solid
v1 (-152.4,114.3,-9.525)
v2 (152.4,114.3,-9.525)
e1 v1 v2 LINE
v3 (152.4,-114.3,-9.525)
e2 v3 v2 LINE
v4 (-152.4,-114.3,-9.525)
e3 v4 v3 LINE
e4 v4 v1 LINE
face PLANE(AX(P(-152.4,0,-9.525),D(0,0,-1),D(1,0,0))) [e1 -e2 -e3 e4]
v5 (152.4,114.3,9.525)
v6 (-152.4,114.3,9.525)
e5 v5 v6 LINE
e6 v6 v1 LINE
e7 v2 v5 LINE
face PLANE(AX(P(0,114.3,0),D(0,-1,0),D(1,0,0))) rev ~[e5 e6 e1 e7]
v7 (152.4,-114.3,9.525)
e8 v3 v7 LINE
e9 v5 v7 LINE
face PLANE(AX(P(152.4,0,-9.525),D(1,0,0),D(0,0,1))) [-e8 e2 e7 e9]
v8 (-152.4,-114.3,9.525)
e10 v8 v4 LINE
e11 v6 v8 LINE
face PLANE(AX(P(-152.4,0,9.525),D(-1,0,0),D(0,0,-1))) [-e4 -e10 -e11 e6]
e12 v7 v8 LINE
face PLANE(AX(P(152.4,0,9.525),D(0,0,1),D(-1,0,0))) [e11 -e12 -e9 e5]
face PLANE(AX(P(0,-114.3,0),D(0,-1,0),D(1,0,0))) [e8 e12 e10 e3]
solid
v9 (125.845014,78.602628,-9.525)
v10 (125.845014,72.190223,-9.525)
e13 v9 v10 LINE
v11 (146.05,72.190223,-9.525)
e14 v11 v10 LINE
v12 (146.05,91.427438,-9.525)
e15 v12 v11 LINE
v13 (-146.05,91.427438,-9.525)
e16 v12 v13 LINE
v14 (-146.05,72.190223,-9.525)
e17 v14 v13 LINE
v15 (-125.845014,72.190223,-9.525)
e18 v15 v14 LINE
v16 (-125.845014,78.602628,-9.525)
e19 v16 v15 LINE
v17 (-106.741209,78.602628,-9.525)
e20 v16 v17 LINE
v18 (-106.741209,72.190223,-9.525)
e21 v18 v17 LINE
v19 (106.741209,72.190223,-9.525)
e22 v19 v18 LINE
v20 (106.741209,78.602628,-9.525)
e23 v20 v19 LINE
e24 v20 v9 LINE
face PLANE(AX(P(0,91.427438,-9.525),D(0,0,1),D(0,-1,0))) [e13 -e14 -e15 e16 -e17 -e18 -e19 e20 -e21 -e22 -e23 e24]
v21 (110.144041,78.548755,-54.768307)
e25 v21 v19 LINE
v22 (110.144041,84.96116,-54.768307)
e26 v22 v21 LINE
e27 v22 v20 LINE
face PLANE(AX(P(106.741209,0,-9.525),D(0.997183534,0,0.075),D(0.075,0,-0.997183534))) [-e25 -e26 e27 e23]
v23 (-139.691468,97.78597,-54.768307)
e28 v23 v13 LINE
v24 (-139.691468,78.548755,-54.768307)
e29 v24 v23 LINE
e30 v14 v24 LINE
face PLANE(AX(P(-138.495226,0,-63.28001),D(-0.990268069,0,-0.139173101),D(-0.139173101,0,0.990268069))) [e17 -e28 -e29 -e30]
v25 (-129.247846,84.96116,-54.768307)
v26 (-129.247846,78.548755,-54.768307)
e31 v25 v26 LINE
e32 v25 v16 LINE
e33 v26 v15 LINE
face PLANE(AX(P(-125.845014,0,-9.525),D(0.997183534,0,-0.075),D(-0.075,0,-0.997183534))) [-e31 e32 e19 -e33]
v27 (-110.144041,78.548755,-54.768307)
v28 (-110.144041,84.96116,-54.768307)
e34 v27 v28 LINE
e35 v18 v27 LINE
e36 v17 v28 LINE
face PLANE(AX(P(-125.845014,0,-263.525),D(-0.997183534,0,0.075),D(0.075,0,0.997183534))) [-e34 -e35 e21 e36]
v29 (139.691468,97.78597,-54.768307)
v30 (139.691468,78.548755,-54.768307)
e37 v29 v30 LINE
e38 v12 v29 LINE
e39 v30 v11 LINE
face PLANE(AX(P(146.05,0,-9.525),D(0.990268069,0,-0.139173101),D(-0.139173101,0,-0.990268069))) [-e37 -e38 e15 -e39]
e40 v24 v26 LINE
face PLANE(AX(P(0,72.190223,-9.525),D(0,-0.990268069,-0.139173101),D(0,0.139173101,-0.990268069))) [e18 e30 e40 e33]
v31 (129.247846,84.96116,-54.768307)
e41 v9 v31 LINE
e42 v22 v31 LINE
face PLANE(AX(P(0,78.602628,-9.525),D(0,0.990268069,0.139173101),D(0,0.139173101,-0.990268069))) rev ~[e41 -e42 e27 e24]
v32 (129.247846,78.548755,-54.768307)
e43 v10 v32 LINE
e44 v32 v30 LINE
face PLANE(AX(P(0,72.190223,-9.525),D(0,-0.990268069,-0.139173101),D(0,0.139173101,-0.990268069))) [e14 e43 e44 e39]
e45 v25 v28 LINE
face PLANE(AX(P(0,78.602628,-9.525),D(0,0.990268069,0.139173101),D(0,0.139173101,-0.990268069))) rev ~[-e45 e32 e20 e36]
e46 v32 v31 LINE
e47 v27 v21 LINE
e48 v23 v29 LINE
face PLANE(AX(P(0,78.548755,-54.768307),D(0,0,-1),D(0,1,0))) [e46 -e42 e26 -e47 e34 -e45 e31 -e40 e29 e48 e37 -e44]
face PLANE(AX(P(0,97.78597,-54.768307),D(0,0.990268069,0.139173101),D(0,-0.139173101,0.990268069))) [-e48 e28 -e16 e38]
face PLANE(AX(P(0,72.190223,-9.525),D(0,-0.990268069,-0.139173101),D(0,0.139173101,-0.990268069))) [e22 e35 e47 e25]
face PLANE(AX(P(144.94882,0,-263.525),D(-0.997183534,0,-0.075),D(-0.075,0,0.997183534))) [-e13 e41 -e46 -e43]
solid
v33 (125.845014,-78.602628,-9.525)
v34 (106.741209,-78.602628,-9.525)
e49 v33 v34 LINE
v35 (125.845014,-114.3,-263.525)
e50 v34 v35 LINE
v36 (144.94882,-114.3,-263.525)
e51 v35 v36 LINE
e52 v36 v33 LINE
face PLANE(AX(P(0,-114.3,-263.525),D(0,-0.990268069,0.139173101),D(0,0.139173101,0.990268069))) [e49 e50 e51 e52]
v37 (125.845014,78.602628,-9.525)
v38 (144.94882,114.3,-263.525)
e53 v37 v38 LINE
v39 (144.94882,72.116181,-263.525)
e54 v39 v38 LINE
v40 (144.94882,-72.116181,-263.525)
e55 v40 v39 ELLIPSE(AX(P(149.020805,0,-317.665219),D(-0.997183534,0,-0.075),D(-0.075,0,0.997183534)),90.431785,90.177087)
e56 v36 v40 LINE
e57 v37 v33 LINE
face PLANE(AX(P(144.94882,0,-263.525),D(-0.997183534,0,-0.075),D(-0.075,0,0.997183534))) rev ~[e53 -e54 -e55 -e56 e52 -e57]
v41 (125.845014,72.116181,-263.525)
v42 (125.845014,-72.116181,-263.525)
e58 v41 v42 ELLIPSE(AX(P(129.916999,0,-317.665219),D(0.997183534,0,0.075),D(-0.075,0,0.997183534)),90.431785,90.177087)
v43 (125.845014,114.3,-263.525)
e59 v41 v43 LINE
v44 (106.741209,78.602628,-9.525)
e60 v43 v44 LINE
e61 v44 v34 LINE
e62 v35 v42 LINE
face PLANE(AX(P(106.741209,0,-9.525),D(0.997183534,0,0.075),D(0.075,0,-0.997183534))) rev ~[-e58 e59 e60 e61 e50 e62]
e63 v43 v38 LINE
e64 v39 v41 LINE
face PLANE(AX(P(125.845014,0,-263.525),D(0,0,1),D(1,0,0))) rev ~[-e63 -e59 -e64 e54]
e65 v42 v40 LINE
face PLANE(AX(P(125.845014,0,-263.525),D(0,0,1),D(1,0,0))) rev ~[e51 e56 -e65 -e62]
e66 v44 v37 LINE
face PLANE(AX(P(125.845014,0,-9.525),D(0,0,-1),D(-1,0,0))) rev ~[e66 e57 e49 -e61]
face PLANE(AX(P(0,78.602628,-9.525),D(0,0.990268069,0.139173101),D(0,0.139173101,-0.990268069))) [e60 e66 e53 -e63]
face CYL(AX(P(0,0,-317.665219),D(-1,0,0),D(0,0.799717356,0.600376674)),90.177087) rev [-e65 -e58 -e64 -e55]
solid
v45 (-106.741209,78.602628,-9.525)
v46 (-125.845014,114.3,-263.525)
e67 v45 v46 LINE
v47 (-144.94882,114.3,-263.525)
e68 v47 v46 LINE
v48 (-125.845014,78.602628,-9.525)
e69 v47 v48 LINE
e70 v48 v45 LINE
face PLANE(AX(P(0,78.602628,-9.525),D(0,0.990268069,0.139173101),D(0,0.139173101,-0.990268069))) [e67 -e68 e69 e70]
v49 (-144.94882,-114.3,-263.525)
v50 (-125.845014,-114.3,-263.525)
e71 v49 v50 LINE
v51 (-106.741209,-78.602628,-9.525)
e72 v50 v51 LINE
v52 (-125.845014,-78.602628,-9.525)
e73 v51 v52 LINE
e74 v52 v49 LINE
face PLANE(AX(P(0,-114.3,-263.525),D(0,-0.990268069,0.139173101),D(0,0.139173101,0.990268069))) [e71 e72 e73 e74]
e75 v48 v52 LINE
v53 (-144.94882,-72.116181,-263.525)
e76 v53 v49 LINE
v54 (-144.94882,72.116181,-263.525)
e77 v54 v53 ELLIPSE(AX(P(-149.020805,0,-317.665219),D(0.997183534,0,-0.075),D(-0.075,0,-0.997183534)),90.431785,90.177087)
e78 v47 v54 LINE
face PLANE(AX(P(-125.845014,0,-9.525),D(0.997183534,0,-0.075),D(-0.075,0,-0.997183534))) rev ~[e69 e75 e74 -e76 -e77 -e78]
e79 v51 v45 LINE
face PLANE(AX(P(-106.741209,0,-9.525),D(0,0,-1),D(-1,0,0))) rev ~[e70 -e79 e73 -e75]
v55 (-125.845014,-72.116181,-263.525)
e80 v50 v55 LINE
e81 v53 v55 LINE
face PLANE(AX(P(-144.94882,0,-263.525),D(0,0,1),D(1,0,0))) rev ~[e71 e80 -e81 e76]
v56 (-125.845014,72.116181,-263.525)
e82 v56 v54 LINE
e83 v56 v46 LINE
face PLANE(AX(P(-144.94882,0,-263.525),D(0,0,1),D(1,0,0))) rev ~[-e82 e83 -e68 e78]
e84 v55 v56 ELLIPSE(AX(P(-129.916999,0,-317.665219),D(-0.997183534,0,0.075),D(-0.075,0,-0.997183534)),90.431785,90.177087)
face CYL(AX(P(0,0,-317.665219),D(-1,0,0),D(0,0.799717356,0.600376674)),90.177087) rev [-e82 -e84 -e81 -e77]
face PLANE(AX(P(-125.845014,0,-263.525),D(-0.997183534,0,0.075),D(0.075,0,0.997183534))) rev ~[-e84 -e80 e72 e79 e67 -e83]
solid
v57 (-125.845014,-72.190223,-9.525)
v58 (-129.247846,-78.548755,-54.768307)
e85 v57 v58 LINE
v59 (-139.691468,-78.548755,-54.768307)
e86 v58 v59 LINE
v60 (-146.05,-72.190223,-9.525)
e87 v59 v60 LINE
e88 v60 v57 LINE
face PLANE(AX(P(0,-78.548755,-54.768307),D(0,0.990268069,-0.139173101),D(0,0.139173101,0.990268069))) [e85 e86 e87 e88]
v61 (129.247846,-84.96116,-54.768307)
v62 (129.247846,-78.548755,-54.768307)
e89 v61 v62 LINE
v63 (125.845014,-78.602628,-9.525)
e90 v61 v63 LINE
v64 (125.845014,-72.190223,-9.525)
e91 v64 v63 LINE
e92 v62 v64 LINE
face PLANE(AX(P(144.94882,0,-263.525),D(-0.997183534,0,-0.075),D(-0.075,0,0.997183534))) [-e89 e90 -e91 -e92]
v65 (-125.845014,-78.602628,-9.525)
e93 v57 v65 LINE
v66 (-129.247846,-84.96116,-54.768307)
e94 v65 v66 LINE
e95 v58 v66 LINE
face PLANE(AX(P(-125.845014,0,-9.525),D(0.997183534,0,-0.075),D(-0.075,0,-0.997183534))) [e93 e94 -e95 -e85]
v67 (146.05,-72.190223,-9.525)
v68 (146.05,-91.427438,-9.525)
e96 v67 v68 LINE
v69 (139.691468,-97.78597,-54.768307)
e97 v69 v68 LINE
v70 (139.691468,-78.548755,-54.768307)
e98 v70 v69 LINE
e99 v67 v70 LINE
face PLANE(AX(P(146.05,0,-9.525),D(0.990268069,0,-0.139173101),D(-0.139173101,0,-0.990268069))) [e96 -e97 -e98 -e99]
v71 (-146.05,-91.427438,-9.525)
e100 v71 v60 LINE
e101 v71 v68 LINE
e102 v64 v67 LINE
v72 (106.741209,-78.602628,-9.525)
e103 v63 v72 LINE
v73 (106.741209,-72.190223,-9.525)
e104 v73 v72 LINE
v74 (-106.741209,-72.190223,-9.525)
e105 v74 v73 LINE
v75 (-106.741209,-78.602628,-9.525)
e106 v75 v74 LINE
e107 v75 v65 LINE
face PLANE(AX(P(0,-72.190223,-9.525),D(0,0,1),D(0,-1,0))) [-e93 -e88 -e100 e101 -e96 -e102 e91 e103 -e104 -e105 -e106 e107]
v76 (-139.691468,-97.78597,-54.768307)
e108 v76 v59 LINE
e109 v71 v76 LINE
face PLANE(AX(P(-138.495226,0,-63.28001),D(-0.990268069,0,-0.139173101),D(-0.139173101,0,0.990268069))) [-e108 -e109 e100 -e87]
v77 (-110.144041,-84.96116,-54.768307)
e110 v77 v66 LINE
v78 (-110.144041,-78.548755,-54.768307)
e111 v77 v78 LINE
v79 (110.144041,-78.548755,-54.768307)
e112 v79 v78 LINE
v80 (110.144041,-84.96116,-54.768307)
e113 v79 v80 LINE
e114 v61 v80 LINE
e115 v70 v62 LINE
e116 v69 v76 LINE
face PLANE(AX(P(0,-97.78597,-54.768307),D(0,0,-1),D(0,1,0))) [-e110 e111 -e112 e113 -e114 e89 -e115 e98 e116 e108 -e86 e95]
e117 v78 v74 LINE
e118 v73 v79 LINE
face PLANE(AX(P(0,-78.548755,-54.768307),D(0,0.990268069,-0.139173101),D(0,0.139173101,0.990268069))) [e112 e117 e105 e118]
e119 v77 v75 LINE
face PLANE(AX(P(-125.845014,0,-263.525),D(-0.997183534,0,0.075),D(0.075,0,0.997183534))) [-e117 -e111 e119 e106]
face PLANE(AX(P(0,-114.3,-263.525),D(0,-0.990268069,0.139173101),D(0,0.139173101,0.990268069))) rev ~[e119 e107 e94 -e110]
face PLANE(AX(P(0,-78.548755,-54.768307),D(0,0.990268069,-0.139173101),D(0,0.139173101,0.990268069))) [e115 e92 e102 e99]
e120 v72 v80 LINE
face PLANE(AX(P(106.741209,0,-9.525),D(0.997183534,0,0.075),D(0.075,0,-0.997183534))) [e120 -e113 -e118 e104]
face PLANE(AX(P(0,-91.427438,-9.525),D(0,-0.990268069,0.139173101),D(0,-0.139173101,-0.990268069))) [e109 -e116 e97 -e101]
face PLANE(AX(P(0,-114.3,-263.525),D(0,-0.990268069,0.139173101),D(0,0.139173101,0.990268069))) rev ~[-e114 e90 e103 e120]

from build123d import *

# Parameters (mm, degrees)
F1_DEPTH      = 114.3
F2_DEPTH      = 114.3
F2_DEPTH_BACK = 114.3
F4_DEPTH      = 152.401
F4_DEPTH_BACK = 152.401
F6_DEPTH      = 152.4
F6_DEPTH_BACK = 152.4
F7_DEPTH      = 114.3010000004
F7_DEPTH_BACK = 114.3010000004


with BuildPart() as f1:
    # F0 (on Front) → F1 (new body, symmetric)
    with BuildSketch(Plane.XZ):
        Polygon((152.4, -9.525), (152.4, 9.525), (-152.4, 9.525), (-152.4, -9.525), (-146.05, -9.525), (-125.8450143232, -9.525), (-106.7412091007, -9.525), (106.7412091007, -9.525), (125.8450143232, -9.525), (146.05, -9.525), align=None)
    extrude(amount=F1_DEPTH, both=True)


with BuildPart() as f2:
    # F0 (on Front) → F2 (new body, two sides)
    with BuildSketch(Plane.XZ) as f2_sk:
        Polygon((144.9488195456, -263.525), (129.8880271086, -63.2800103521), (110.7842218861, -63.2800103521), (125.8450143232, -263.525), align=None)
        Polygon((129.8880271086, -63.2800103521), (125.8450143232, -9.525), (106.7412091007, -9.525), (110.7842218861, -63.2800103521), align=None)
    extrude(amount=-F2_DEPTH)
    extrude(f2_sk.sketch, amount=F2_DEPTH_BACK)


with BuildPart() as f2b:
    # F0 (on Front) → F2, piece 2 (new body, two sides)
    with BuildSketch(Plane.XZ) as f2_2_sk:
        Polygon((-106.7412091007, -9.525), (-125.8450143232, -9.525), (-129.8880271086, -63.2800103521), (-110.7842218861, -63.2800103521), align=None)
        Polygon((-110.7842218861, -63.2800103521), (-129.8880271086, -63.2800103521), (-144.9488195456, -263.525), (-125.8450143232, -263.525), align=None)
    extrude(amount=-F2_DEPTH)
    extrude(f2_2_sk.sketch, amount=F2_DEPTH_BACK)


with BuildPart() as f4_tool:
    # F3 (on Right) → F4 (new body, two sides)
    with BuildSketch(Plane.YZ) as f4_sk:
        Polygon((114.3000000002, -9.525), (78.6026279859, -9.525), (114.3000000004, -263.525), align=None)
        with BuildLine():
            ThreePointArc((72.1161812544, -263.525), (0, -227.4881327199), (-72.1161812544, -263.525))
            Line((-72.1161812544, -263.525), (72.1161812544, -263.525))
        make_face()
        Polygon((-114.3, -9.525), (-114.3, -263.525), (-78.6026279859, -9.525), align=None)
    extrude(amount=-F4_DEPTH)
    extrude(f4_sk.sketch, amount=F4_DEPTH_BACK)


with BuildPart() as f2_1:
    add(f2.part)

    # F4: cut by f4_tool
    add(f4_tool.part, mode=Mode.SUBTRACT)


with BuildPart() as f2b_1:
    add(f2b.part)

    # F4: cut by f4_tool
    add(f4_tool.part, mode=Mode.SUBTRACT)


with BuildPart() as f6:
    # F5 (on Right) → F6 (new body, two sides)
    with BuildSketch(Plane.YZ) as f6_sk:
        Polygon((84.961160059, -54.7683065912), (78.6026279859, -9.525), (72.1902229004, -9.525), (78.5487549735, -54.7683065912), align=None)
        Polygon((91.4274381569, -9.525), (78.602627986, -9.525), (84.961160059, -54.7683065912), (97.7859702299, -54.7683065912), align=None)
    extrude(amount=F6_DEPTH)
    extrude(f6_sk.sketch, amount=-F6_DEPTH_BACK)


with BuildPart() as f6b:
    # F5 (on Right) → F6, piece 2 (new body, two sides)
    with BuildSketch(Plane.YZ) as f6_2_sk:
        Polygon((-78.5487549735, -54.7683065912), (-72.1902229004, -9.525), (-78.6026279857, -9.525), (-84.9611600589, -54.7683065912), align=None)
        Polygon((-84.9611600589, -54.7683065912), (-78.6026279859, -9.525), (-91.4274381569, -9.525), (-97.7859702299, -54.7683065912), align=None)
    extrude(amount=F6_DEPTH)
    extrude(f6_2_sk.sketch, amount=-F6_DEPTH_BACK)


with BuildPart() as f7_tool:
    # F0 (on Front) → F7 (new body, two sides)
    with BuildSketch(Plane.XZ) as f7_sk:
        Polygon((-146.05, -9.525), (-152.4, -9.525), (-152.4, -63.2800103521), (-138.4952259757, -63.2800103521), align=None)
        Polygon((152.4, -63.2800103521), (152.4, -9.525), (146.05, -9.525), (138.4952259757, -63.2800103521), align=None)
    extrude(amount=-F7_DEPTH)
    extrude(f7_sk.sketch, amount=F7_DEPTH_BACK)


with BuildPart() as f6_1:
    add(f6.part)

    # F7: cut by f7_tool
    add(f7_tool.part, mode=Mode.SUBTRACT)

    # F8: cut F2b
    add(f2b_1.part, mode=Mode.SUBTRACT)

    # F9: cut F2
    add(f2_1.part, mode=Mode.SUBTRACT)


with BuildPart() as f6b_1:
    add(f6b.part)

    # F7: cut by f7_tool
    add(f7_tool.part, mode=Mode.SUBTRACT)

    # F10: cut F2
    add(f2_1.part, mode=Mode.SUBTRACT)

    # F11: cut F2b
    add(f2b_1.part, mode=Mode.SUBTRACT)


solid = Compound([f1.part, f2_1.part, f2b_1.part, f6_1.part, f6b_1.part])
